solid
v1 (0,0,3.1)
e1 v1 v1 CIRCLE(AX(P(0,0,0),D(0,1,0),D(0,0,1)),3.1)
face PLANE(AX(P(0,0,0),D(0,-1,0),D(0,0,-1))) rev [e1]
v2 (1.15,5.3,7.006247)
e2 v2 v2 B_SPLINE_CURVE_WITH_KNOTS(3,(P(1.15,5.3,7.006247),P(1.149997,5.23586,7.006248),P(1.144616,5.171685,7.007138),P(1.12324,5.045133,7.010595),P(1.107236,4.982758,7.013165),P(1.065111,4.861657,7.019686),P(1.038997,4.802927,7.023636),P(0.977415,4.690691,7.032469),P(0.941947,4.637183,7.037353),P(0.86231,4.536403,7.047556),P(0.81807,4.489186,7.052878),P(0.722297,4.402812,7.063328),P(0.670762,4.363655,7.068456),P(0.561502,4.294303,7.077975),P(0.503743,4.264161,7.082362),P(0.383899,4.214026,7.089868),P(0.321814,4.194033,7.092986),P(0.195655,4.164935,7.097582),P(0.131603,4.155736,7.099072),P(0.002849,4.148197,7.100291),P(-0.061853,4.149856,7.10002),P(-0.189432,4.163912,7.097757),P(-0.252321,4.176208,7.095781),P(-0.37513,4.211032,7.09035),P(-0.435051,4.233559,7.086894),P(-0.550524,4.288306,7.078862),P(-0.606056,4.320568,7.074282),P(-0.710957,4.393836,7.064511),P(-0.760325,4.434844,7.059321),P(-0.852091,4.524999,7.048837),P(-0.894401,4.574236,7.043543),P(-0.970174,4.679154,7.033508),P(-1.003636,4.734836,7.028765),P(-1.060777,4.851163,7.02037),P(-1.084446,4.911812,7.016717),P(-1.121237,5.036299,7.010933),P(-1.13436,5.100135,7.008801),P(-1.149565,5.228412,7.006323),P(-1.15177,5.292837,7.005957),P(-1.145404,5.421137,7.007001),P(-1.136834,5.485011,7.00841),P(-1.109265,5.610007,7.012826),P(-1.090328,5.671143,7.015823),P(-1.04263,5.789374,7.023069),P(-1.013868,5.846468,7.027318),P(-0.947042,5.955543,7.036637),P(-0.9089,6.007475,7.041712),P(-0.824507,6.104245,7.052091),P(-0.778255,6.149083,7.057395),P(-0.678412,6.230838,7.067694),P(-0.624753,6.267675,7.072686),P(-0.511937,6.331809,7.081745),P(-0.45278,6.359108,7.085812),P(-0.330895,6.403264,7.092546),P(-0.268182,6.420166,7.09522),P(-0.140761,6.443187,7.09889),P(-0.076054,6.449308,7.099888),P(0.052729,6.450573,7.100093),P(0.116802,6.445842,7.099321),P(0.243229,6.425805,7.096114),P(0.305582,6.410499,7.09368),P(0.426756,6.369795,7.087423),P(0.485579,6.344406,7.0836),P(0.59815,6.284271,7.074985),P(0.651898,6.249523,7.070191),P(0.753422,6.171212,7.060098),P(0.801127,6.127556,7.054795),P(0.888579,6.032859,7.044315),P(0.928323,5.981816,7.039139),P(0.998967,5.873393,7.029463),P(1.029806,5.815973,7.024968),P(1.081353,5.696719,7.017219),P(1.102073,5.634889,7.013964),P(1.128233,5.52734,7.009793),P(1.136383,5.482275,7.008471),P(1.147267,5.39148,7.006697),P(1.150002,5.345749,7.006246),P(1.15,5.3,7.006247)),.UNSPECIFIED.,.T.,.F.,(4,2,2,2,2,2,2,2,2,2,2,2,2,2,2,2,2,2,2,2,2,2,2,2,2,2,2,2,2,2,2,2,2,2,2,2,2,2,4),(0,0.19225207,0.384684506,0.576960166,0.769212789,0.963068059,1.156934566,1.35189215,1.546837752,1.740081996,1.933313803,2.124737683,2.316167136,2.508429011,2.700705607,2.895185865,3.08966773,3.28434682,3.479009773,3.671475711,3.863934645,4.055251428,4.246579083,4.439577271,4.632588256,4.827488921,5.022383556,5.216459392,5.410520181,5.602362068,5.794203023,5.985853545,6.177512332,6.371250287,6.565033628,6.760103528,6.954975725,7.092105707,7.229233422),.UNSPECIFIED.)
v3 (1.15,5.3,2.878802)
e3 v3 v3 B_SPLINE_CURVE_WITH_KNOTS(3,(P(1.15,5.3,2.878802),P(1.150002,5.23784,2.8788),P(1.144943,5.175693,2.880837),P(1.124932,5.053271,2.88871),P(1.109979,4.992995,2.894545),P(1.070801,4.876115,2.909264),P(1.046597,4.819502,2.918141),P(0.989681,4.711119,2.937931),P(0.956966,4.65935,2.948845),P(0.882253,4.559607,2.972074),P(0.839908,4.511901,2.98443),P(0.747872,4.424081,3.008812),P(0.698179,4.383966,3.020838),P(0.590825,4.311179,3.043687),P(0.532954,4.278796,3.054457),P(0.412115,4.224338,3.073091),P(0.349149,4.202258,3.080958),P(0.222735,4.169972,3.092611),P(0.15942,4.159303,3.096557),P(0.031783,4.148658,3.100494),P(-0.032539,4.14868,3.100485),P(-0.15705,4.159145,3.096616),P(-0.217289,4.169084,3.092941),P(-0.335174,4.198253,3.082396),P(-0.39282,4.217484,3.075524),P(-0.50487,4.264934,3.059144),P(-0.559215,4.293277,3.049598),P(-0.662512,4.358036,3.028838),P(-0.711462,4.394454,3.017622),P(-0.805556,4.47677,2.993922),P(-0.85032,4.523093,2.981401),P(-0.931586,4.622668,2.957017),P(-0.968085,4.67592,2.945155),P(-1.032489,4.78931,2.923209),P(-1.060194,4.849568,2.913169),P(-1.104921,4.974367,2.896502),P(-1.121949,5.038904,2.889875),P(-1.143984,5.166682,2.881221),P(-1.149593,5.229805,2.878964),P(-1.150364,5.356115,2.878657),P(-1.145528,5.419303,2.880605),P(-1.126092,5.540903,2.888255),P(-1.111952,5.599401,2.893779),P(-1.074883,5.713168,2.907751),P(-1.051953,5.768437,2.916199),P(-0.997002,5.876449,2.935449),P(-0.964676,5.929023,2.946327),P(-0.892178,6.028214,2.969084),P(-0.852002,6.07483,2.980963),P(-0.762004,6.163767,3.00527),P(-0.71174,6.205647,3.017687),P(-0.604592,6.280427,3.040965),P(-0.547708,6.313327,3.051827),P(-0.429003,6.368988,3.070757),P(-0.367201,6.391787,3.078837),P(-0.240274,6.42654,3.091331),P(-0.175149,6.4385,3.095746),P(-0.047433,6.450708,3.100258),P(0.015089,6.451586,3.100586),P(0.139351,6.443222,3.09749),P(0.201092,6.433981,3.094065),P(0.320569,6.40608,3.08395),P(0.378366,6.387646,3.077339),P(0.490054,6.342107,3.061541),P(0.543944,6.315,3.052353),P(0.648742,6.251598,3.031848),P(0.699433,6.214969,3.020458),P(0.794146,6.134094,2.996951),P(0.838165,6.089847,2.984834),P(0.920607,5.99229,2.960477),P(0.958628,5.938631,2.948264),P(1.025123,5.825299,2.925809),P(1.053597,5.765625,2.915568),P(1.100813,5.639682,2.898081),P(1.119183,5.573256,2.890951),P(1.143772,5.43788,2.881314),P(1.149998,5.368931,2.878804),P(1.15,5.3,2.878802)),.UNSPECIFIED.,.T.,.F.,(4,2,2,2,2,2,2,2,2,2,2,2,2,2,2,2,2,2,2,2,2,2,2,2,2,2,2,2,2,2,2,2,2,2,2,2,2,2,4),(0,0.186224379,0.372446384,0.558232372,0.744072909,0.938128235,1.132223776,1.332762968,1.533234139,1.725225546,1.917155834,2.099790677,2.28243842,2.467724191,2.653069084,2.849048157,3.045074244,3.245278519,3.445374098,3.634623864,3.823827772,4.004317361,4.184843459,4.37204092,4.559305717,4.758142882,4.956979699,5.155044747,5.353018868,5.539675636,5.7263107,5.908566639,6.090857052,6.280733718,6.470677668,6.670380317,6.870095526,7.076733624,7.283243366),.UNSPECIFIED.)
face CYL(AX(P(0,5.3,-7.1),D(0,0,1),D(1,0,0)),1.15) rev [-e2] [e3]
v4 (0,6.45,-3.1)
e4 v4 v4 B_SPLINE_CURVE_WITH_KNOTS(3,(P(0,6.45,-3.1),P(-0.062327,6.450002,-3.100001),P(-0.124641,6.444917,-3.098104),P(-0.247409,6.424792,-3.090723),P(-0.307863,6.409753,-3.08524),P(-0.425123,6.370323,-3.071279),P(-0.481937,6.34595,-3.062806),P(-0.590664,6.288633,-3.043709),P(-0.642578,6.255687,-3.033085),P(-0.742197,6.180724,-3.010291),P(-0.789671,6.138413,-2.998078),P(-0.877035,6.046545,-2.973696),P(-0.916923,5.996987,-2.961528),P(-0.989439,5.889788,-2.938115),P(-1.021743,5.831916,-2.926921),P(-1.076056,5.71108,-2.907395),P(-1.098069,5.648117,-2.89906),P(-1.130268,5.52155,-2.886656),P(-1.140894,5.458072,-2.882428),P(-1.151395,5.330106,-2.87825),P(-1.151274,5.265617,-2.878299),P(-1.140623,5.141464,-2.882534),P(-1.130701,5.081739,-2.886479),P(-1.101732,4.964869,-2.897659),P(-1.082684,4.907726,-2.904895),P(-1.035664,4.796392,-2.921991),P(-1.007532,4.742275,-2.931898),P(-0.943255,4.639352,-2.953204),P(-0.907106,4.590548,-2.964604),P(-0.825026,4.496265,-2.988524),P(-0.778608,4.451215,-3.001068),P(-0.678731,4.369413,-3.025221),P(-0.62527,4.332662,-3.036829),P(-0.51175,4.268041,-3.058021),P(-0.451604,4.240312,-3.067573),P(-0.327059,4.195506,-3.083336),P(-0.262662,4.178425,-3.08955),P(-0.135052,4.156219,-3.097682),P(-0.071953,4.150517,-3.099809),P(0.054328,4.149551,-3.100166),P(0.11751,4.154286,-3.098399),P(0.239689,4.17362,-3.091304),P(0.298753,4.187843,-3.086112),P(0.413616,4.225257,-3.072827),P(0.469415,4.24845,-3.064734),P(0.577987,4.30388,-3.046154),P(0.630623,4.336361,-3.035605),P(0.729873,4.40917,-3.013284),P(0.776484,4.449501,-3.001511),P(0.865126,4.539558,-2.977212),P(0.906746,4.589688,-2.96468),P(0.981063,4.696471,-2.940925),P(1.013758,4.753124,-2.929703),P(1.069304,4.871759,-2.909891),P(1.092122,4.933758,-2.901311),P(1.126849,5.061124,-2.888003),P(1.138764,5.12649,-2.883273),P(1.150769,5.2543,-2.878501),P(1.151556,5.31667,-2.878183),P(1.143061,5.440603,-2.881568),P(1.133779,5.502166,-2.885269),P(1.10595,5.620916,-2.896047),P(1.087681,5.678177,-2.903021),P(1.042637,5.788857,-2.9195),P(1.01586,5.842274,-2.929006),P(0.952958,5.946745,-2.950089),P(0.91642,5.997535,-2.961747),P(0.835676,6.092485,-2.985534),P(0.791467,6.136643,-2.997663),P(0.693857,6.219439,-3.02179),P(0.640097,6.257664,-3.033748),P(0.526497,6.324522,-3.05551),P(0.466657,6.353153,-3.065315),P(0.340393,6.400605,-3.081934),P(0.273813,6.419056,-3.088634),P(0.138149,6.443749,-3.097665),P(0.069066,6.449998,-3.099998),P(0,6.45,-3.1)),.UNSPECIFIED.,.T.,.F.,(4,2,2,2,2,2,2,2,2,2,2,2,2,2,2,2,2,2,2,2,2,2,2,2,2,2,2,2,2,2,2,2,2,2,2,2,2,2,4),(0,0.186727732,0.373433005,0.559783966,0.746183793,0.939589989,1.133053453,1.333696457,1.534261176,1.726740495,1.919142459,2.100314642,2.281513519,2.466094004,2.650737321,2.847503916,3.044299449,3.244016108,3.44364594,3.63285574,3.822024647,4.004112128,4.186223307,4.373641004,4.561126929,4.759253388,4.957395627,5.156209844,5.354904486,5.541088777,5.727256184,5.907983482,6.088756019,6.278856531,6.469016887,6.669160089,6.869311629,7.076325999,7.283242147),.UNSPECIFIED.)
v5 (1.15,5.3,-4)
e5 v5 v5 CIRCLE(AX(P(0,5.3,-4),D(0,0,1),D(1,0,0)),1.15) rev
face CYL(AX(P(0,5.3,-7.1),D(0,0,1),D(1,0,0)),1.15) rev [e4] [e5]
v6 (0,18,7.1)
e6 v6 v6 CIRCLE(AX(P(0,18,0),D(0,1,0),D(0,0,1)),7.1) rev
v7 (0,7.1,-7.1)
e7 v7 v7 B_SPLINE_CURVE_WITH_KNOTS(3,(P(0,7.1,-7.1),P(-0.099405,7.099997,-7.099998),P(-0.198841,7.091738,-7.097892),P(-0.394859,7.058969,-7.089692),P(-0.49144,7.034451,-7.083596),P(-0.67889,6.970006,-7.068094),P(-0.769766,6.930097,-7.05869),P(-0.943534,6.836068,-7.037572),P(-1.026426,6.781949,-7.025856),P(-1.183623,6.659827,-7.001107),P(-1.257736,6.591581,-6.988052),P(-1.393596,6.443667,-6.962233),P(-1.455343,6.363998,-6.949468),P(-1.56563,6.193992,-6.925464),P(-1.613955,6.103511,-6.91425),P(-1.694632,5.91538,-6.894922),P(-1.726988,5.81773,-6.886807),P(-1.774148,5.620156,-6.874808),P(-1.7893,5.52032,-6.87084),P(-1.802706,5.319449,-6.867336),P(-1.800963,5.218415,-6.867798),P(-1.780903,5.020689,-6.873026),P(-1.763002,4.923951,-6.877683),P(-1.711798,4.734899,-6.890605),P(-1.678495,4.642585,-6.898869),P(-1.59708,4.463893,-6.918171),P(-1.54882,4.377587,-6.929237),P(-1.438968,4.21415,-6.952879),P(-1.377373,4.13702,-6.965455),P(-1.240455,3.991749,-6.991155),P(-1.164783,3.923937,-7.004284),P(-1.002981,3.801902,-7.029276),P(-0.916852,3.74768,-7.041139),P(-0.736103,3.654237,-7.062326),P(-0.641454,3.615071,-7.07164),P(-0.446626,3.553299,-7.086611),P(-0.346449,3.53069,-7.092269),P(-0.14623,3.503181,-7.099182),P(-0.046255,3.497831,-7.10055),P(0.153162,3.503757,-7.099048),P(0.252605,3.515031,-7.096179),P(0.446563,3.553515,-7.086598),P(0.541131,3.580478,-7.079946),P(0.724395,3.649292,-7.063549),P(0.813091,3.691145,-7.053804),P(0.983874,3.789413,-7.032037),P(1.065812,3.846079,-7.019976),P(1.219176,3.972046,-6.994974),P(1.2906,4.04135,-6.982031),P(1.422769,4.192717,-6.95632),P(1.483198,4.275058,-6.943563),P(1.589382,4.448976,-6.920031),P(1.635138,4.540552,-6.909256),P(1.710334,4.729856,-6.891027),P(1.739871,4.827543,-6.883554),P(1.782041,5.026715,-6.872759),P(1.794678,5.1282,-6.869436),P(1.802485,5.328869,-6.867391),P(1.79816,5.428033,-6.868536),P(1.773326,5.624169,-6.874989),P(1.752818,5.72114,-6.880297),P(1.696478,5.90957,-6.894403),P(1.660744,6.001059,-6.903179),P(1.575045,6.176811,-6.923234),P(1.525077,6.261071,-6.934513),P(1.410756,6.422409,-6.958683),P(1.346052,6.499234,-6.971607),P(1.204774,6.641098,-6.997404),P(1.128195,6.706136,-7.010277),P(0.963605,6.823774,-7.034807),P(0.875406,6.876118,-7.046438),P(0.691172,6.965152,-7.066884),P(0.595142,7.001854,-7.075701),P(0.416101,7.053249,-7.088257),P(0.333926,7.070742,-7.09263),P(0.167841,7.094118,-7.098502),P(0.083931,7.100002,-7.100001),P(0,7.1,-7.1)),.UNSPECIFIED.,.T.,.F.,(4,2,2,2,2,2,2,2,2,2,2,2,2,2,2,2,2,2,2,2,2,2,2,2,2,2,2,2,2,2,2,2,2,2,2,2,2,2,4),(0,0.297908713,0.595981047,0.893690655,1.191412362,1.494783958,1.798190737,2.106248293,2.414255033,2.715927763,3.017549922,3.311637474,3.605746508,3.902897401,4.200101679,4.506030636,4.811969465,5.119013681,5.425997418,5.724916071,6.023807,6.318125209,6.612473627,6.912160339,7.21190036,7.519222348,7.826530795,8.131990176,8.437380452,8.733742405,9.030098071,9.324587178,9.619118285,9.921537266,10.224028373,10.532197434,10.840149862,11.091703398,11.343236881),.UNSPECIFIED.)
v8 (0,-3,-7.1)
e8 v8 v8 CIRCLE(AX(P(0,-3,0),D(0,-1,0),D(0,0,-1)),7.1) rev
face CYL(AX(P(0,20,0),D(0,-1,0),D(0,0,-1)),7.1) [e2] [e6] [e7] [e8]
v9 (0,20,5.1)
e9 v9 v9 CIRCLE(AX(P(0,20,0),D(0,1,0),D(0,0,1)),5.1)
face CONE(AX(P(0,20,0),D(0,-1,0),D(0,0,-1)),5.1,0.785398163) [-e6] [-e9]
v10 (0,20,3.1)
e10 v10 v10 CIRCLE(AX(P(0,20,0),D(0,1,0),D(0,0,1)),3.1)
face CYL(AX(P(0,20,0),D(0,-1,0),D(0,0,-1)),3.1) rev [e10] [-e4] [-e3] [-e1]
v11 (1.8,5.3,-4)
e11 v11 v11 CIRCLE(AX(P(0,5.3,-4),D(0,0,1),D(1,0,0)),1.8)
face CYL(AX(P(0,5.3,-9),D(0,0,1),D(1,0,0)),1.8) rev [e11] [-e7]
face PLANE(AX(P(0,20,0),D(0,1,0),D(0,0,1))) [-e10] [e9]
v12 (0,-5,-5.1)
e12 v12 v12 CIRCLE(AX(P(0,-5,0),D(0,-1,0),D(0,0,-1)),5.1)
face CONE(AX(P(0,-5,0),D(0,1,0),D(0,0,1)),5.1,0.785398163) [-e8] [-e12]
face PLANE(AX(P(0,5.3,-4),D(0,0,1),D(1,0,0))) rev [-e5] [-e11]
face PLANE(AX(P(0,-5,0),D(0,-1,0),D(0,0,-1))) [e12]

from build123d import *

# Parameters (mm, degrees)
SKETCH1_R               = 7.1
SKETCH1_R_2             = 3.1
BOSS_EXTRUDE1_DEPTH     = 20
SKETCH3_R               = 1.15
CUT_EXTRUDE1_DEPTH      = 8.1
CUT_EXTRUDE1_DEPTH_BACK = 8.1
CUT_EXTRUDE2_START      = -4
SKETCH5_R               = 1.8
CUT_EXTRUDE2_DEPTH      = 5
SKETCH2_R               = 7.1
BOSS_EXTRUDE2_DEPTH     = 5
CHAMFER1_SIZE           = 2


with BuildPart() as part:
    # Sketch1 → Boss-Extrude1 (new body)
    with BuildSketch(Plane(origin=(0, 0, 0), x_dir=(1, 0, 0), z_dir=(0, 1, 0))):
        Circle(SKETCH1_R)
        Circle(SKETCH1_R_2, mode=Mode.SUBTRACT)
    extrude(amount=BOSS_EXTRUDE1_DEPTH)

    # Sketch3 → Cut-Extrude1 (cut, two sides)
    with BuildSketch(Plane.XY) as cut_extrude1_sk:
        with Locations((0, 5.3)):
            Circle(SKETCH3_R)
    extrude(amount=CUT_EXTRUDE1_DEPTH, mode=Mode.SUBTRACT)
    extrude(cut_extrude1_sk.sketch, amount=-CUT_EXTRUDE1_DEPTH_BACK, mode=Mode.SUBTRACT)

    # Sketch5 → Cut-Extrude2 (cut)
    with BuildSketch(Plane.XY.offset(CUT_EXTRUDE2_START)):
        with Locations((0, 5.3)):
            Circle(SKETCH5_R)
    extrude(amount=-CUT_EXTRUDE2_DEPTH, mode=Mode.SUBTRACT)

    # Sketch2 → Boss-Extrude2 (add)
    with BuildSketch(Plane.XZ):
        Circle(SKETCH2_R)
    extrude(amount=BOSS_EXTRUDE2_DEPTH)

    # Chamfer1
    chamfer1_edges = [part.edges().sort_by_distance(p)[0] for p in [
        (-7.1, -5, 0),
        (-7.1, 20, 0),
    ]]
    chamfer(chamfer1_edges, length=CHAMFER1_SIZE)


solid = part.part
